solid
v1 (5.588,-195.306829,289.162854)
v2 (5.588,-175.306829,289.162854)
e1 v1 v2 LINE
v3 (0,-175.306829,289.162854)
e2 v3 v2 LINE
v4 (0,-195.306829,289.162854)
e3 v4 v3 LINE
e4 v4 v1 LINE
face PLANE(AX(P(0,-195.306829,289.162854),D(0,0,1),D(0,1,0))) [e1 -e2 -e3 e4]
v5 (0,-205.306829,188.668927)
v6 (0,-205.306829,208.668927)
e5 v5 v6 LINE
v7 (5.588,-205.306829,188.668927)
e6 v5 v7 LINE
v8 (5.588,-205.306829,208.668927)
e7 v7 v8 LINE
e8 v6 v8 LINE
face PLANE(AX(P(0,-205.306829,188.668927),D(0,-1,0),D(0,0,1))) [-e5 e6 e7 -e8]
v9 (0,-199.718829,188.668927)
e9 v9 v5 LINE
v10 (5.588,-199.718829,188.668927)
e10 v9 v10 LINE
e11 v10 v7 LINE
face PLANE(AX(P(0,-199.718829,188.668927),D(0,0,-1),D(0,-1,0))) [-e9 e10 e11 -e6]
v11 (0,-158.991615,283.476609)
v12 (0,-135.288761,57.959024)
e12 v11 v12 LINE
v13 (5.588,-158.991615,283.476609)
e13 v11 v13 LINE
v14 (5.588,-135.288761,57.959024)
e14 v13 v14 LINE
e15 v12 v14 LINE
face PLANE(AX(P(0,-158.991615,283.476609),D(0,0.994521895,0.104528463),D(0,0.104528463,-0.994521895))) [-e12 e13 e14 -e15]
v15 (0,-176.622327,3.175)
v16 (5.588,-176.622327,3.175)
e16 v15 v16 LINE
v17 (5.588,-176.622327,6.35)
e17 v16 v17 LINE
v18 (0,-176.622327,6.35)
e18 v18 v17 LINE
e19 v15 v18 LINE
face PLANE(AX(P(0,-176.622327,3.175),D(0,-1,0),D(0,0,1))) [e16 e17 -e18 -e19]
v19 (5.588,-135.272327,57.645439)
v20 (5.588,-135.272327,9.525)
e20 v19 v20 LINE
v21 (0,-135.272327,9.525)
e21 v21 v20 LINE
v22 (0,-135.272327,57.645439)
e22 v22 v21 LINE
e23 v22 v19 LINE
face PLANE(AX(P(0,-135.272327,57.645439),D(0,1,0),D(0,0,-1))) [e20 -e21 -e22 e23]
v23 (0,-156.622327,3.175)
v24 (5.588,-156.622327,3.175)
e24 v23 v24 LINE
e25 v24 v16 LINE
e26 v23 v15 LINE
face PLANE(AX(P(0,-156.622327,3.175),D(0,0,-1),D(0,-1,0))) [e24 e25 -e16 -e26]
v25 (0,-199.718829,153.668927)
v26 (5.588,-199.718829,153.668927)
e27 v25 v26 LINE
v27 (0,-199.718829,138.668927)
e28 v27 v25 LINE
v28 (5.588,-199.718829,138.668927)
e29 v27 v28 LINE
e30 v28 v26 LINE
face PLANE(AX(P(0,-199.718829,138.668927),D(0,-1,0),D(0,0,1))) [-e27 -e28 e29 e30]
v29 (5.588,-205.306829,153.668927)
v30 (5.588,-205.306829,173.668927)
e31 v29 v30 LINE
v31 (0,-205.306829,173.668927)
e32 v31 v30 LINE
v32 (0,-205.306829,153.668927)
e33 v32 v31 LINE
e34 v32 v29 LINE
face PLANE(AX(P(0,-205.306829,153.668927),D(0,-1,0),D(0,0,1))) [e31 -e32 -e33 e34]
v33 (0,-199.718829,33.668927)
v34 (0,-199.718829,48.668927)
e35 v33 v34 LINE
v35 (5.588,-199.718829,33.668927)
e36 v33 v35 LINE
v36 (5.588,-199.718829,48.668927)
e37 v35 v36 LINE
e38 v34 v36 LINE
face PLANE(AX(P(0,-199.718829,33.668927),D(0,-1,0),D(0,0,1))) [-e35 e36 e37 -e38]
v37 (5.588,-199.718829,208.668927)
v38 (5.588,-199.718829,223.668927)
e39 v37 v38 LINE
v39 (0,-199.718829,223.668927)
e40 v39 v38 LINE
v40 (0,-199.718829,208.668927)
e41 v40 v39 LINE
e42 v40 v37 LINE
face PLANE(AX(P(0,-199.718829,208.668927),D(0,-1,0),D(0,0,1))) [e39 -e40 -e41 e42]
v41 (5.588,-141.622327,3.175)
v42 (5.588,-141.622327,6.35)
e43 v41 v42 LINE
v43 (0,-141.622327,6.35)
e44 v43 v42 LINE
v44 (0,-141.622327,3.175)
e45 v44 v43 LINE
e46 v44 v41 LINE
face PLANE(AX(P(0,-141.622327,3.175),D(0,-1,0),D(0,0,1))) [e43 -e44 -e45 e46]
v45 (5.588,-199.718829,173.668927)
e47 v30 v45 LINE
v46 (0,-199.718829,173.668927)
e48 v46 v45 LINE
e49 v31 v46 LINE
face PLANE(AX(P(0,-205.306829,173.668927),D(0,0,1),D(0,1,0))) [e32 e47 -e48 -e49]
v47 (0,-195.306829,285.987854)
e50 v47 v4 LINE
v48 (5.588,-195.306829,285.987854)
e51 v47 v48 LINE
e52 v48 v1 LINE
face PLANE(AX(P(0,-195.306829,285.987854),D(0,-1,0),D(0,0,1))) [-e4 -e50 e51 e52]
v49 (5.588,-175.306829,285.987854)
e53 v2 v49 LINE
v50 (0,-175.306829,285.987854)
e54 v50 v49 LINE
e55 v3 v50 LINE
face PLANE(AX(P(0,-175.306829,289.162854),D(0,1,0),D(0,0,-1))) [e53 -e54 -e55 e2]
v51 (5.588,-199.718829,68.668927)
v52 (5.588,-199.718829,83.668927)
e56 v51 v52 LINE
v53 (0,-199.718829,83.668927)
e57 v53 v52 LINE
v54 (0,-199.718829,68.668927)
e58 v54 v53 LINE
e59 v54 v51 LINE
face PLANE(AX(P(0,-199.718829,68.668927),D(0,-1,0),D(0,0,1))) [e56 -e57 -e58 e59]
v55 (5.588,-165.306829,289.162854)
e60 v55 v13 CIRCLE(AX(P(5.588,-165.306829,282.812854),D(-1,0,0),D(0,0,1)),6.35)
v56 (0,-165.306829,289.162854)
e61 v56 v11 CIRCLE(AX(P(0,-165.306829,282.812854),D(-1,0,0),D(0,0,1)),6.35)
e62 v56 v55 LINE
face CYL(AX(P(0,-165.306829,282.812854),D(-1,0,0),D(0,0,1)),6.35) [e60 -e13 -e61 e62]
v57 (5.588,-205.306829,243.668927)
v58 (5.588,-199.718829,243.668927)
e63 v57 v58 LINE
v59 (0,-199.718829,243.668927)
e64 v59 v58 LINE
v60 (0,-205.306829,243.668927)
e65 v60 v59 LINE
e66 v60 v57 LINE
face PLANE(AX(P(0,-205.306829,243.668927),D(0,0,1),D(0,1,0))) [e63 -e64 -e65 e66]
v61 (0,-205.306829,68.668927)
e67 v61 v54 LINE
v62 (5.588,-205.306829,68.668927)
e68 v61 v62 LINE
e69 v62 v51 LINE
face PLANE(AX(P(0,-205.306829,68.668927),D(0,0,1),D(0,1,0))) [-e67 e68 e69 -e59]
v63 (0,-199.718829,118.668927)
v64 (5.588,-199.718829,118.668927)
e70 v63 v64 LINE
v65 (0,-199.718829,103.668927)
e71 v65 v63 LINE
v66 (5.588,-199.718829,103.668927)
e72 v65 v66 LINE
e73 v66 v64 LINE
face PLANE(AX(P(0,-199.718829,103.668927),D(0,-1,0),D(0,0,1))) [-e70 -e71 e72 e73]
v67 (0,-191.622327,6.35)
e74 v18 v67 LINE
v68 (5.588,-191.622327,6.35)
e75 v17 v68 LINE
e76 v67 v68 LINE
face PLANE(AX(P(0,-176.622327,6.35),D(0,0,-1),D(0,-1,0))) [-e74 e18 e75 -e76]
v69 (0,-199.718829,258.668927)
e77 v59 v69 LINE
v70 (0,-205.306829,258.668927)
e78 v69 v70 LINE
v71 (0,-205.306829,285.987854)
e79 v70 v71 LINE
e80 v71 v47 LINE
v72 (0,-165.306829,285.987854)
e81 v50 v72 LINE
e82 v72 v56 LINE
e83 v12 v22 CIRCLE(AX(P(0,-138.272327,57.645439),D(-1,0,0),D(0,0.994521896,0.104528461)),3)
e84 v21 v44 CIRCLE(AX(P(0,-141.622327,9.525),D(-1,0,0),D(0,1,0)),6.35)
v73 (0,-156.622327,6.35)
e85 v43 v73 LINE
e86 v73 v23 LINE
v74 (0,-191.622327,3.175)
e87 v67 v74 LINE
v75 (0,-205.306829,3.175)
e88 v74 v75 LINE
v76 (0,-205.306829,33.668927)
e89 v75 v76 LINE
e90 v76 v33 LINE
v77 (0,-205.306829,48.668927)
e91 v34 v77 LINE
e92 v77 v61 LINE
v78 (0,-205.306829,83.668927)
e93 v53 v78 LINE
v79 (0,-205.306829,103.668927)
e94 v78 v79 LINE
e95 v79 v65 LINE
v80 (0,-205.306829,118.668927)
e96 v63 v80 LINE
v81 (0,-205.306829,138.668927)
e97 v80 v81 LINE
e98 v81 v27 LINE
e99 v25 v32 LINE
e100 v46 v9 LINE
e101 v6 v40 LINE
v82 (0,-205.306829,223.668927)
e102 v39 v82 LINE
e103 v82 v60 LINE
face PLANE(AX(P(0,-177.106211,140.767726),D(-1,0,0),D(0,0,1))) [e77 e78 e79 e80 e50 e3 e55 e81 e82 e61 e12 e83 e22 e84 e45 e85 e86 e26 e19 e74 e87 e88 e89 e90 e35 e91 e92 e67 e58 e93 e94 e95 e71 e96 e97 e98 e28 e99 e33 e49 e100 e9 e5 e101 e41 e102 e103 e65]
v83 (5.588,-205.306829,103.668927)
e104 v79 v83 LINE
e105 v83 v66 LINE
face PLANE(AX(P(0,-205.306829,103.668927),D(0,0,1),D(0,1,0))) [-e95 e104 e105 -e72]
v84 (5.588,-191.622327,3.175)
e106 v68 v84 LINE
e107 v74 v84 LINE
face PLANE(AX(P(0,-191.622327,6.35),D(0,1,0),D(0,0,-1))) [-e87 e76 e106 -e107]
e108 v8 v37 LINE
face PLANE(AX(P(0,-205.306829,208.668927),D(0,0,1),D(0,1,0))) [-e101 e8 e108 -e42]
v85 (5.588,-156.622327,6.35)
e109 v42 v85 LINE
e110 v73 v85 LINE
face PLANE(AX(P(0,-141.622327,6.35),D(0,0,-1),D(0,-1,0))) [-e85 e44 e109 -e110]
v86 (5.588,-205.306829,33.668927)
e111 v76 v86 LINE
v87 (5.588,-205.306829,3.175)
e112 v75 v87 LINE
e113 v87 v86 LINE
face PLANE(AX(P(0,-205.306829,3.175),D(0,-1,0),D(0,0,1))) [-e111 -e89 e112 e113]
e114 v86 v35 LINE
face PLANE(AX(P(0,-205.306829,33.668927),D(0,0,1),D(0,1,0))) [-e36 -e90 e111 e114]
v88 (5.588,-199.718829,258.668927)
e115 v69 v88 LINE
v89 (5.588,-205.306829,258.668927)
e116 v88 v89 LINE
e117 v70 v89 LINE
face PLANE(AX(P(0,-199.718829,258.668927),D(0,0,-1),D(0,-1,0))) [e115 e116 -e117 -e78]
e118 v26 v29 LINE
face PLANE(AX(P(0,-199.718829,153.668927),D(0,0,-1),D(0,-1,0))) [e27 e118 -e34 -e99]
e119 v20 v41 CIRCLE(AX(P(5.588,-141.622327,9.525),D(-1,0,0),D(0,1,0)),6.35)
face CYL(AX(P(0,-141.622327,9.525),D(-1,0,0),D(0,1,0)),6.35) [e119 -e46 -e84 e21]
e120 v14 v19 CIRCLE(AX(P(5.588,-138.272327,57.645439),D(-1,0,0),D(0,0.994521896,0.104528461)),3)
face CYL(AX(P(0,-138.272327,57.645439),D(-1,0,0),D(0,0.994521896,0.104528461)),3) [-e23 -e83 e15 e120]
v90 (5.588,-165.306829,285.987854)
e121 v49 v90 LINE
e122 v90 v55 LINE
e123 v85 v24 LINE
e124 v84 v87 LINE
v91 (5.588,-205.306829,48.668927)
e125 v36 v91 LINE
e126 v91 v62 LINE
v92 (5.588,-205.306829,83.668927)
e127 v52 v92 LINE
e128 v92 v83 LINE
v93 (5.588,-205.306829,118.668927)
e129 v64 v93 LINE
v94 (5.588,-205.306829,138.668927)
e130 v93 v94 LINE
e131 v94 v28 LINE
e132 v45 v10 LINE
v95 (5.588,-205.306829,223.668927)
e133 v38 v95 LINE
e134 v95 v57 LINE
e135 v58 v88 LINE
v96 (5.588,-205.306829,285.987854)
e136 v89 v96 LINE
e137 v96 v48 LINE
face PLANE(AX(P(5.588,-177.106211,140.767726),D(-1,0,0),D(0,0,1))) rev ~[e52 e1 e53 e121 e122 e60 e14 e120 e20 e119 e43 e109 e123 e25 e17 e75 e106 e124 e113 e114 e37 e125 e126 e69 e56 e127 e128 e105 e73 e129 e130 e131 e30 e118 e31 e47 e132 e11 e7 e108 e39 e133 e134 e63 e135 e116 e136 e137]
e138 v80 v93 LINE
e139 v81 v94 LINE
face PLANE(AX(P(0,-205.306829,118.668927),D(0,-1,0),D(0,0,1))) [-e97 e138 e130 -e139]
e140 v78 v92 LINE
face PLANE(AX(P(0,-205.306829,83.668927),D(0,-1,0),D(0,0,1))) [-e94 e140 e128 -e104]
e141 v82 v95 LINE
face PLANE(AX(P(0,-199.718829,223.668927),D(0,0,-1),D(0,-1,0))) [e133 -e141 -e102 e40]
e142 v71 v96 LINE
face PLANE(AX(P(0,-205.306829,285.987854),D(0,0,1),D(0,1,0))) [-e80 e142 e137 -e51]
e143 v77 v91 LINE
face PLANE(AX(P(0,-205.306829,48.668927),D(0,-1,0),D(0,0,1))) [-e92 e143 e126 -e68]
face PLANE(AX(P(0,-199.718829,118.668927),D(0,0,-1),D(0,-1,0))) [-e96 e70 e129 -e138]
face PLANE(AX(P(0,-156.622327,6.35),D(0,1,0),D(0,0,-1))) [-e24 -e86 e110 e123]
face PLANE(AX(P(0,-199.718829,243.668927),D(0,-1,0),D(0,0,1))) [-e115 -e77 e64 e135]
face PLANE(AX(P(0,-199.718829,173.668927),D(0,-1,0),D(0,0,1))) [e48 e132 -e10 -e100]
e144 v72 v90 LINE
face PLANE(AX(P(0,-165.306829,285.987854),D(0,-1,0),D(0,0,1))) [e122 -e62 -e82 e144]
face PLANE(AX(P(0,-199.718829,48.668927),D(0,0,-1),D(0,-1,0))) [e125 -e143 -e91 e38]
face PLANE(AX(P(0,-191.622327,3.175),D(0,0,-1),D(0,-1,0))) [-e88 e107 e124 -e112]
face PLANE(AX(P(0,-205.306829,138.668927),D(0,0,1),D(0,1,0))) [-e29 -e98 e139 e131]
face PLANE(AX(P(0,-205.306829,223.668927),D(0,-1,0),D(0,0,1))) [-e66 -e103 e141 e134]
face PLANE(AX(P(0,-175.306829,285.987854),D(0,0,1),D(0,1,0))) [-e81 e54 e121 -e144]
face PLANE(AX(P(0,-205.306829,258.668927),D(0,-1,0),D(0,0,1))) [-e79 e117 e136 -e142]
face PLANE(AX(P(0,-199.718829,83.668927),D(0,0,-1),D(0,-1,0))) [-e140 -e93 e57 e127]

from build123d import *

# Parameters (mm, degrees)
BOSS_EXTRUDE1_DEPTH = 5.588


with BuildPart() as part:
    # Sketch26 → Boss-Extrude1 (new body)
    with BuildSketch(Plane(origin=(0, 0, 0), x_dir=(0, 0, -1), z_dir=(1, 0, 0))):
        with BuildLine():
            Line((-3.175, -205.30682867), (-33.668926811, -205.30682867))
            Line((-33.668926811, -205.30682867), (-33.668926811, -199.71882867))
            Line((-33.668926811, -199.71882867), (-48.668926811, -199.71882867))
            Line((-48.668926811, -199.71882867), (-48.668926811, -205.30682867))
            Line((-48.668926811, -205.30682867), (-68.668926811, -205.30682867))
            Line((-68.668926811, -205.30682867), (-68.668926811, -199.71882867))
            Line((-68.668926811, -199.71882867), (-83.668926811, -199.71882867))
            Line((-83.668926811, -199.71882867), (-83.668926811, -205.30682867))
            Line((-83.668926811, -205.30682867), (-103.668926811, -205.30682867))
            Line((-103.668926811, -205.30682867), (-103.668926811, -199.71882867))
            Line((-103.668926811, -199.71882867), (-118.668926811, -199.71882867))
            Line((-118.668926811, -199.71882867), (-118.668926811, -205.30682867))
            Line((-118.668926811, -205.30682867), (-138.668926811, -205.30682867))
            Line((-138.668926811, -205.30682867), (-138.668926811, -199.71882867))
            Line((-138.668926811, -199.71882867), (-153.668926811, -199.71882867))
            Line((-153.668926811, -199.71882867), (-153.668926811, -205.30682867))
            Line((-153.668926811, -205.30682867), (-173.668926811, -205.30682867))
            Line((-173.668926811, -205.30682867), (-173.668926811, -199.71882867))
            Line((-173.668926811, -199.71882867), (-188.668926811, -199.71882867))
            Line((-188.668926811, -199.71882867), (-188.668926811, -205.30682867))
            Line((-188.668926811, -205.30682867), (-208.668926811, -205.30682867))
            Line((-208.668926811, -205.30682867), (-208.668926811, -199.71882867))
            Line((-208.668926811, -199.71882867), (-223.668926811, -199.71882867))
            Line((-223.668926811, -199.71882867), (-223.668926811, -205.30682867))
            Line((-223.668926811, -205.30682867), (-243.668926811, -205.30682867))
            Line((-243.668926811, -205.30682867), (-243.668926811, -199.71882867))
            Line((-243.668926811, -199.71882867), (-258.668926811, -199.71882867))
            Line((-258.668926811, -199.71882867), (-258.668926811, -205.30682867))
            Line((-258.668926811, -205.30682867), (-285.987853622, -205.30682867))
            Line((-285.987853622, -205.30682867), (-285.987853622, -195.30682867))
            Line((-285.987853622, -195.30682867), (-289.162853622, -195.30682867))
            Line((-289.162853622, -195.30682867), (-289.162853622, -175.30682867))
            Line((-289.162853622, -175.30682867), (-285.987853622, -175.30682867))
            Line((-285.987853622, -175.30682867), (-285.987853622, -165.30682867))
            Line((-285.987853622, -165.30682867), (-289.162853622, -165.30682867))
            ThreePointArc((-289.162853622, -165.30682867), (-287.531823263, -161.057849319), (-283.476609363, -158.991614634))
            Line((-283.476609363, -158.991614634), (-57.959024207, -135.288761307))
            ThreePointArc((-57.959024207, -135.288761307), (-57.802446686, -135.276438389), (-57.645438817, -135.272326993))
            Line((-57.645438817, -135.272326993), (-9.525, -135.272326993))
            ThreePointArc((-9.525, -135.272326993), (-5.034871939, -137.132198933), (-3.175, -141.622326993))
            Line((-3.175, -141.622326993), (-6.35, -141.622326993))
            Line((-6.35, -141.622326993), (-6.35, -156.622326993))
            Line((-6.35, -156.622326993), (-3.175, -156.622326993))
            Line((-3.175, -156.622326993), (-3.175, -176.622326993))
            Line((-3.175, -176.622326993), (-6.35, -176.622326993))
            Line((-6.35, -176.622326993), (-6.35, -191.622326993))
            Line((-6.35, -191.622326993), (-3.175, -191.622326993))
            Line((-3.175, -191.622326993), (-3.175, -205.30682867))
        make_face()
    extrude(amount=BOSS_EXTRUDE1_DEPTH)


solid = part.part
